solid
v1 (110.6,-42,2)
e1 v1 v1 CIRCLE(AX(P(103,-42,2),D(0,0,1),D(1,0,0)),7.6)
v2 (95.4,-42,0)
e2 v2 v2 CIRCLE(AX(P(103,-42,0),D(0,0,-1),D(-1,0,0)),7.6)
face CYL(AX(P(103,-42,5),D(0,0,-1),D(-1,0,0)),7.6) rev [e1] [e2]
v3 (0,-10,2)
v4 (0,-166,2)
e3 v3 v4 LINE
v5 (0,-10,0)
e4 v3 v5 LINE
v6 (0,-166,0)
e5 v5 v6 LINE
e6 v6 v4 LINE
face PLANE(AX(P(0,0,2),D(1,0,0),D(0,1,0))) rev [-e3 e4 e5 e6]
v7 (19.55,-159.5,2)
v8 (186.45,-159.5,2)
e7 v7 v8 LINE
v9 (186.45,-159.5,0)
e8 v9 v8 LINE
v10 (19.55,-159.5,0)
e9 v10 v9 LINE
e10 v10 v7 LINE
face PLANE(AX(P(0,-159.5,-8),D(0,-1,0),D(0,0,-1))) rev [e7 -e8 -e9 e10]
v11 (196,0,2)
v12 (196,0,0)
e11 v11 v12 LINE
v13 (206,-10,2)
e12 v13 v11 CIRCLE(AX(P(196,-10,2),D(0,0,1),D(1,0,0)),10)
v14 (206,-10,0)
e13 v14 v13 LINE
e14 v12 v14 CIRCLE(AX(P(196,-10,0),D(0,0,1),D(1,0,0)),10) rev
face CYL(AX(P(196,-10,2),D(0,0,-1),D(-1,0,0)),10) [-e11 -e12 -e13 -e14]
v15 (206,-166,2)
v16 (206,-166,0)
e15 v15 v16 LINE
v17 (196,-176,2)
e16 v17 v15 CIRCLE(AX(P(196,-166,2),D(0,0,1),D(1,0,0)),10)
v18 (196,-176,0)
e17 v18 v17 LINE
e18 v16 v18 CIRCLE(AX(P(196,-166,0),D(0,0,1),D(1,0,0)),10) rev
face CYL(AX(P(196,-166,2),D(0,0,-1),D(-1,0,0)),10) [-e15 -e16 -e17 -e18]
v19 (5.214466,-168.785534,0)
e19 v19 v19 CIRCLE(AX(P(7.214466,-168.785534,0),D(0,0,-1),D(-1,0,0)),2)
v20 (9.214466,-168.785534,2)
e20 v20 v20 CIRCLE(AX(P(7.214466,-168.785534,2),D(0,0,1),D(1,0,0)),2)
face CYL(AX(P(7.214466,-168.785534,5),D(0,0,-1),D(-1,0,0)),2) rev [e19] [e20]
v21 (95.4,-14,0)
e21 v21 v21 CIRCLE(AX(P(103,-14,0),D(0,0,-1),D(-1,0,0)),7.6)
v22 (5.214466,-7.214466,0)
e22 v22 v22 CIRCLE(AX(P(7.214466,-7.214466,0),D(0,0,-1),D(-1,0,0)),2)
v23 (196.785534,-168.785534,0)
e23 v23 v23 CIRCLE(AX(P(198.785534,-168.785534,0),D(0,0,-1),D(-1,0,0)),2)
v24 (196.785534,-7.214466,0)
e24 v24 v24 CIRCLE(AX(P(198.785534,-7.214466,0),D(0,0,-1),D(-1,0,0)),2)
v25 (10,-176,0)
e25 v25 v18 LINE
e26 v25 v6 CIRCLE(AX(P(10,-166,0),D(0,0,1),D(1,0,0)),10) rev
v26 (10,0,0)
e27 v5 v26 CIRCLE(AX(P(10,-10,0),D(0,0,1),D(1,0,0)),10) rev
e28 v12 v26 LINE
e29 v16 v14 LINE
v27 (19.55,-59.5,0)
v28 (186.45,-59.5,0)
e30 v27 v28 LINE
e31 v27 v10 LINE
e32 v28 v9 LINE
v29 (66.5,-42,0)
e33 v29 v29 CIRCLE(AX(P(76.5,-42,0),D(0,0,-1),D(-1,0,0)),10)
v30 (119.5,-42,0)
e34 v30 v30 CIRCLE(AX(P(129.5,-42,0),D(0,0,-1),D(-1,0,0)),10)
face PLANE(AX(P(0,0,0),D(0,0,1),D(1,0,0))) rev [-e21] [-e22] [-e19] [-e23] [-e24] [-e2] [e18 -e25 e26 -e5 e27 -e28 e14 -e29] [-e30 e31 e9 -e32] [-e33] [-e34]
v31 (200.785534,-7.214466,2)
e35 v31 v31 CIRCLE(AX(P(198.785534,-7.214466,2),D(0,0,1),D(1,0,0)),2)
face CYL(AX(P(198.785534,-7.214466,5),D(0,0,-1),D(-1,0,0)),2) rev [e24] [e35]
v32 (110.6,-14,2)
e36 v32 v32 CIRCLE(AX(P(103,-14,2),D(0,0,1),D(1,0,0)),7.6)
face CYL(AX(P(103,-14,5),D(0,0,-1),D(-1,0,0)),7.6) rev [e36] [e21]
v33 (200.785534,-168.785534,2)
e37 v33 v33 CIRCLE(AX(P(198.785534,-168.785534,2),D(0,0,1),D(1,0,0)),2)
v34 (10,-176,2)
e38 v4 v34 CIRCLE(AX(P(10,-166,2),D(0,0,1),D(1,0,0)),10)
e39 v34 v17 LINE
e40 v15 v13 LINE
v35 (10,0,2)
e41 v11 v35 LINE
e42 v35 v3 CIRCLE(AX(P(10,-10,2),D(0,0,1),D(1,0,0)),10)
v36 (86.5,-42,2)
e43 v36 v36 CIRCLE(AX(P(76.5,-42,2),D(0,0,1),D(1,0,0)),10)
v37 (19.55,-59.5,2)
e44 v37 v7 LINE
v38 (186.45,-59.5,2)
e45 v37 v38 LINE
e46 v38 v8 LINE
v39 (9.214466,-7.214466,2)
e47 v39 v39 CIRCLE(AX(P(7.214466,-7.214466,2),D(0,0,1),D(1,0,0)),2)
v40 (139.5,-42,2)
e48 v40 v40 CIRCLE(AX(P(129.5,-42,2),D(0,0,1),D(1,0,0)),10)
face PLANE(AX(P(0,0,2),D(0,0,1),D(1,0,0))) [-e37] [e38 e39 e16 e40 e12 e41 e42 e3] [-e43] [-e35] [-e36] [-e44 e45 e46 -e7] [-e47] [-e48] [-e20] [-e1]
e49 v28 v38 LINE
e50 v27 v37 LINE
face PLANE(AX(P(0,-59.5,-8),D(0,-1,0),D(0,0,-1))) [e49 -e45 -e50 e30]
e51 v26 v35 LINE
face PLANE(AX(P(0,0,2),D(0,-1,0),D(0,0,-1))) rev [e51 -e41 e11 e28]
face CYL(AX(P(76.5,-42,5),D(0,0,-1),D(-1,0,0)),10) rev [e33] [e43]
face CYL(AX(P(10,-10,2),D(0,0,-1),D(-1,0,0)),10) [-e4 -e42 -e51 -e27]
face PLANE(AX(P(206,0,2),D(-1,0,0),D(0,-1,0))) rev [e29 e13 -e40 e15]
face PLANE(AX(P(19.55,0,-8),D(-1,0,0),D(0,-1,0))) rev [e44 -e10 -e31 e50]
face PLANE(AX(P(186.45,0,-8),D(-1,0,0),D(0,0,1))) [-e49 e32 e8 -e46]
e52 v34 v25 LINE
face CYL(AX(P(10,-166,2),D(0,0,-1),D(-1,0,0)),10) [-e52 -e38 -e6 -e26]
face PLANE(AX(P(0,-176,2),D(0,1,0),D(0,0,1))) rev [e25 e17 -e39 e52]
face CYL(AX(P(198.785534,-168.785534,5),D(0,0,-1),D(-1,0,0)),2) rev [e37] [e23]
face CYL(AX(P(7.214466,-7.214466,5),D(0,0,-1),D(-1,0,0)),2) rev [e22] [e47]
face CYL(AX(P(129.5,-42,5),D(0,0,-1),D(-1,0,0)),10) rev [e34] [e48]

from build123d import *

# Parameters (mm, degrees)
SKETCH1_W           = 206
SKETCH1_H           = 176
BOSS_EXTRUDE1_DEPTH = 2
FILLET1_R           = 10
SKETCH2_R           = 2
CUT_EXTRUDE1_DEPTH  = 5
SKETCH3_R           = 7.6
SKETCH3_R_2         = 10
CUT_EXTRUDE2_DEPTH  = 5
SKETCH4_W           = 83.45
SKETCH4_H           = 100
CUT_EXTRUDE3_DEPTH  = 10


with BuildPart() as part:
    # Sketch1 → Boss-Extrude1 (new body)
    with BuildSketch(Plane.XY):
        with Locations((103, -88)):
            Rectangle(SKETCH1_W, SKETCH1_H)
    extrude(amount=BOSS_EXTRUDE1_DEPTH)

    # Fillet1
    fillet1_edges = [part.edges().sort_by_distance(p)[0] for p in [
        (0, 0, 1),
        (206, 0, 1),
        (206, -176, 1),
        (0, -176, 1),
    ]]
    fillet(fillet1_edges, radius=FILLET1_R)

    # Sketch2 → Cut-Extrude1 (cut)
    with BuildSketch(Plane(origin=(0, 0, 0), x_dir=(-1, 0, 0), z_dir=(0, 0, -1))):
        with Locations((-198.78553391, -7.21446609)):
            Circle(SKETCH2_R)
        with Locations((-7.21446609, -7.21446609)):
            Circle(SKETCH2_R)
        with Locations((-7.21446609, -168.78553391)):
            Circle(SKETCH2_R)
        with Locations((-198.78553391, -168.78553391)):
            Circle(SKETCH2_R)
    extrude(amount=-CUT_EXTRUDE1_DEPTH, mode=Mode.SUBTRACT)

    # Sketch3 → Cut-Extrude2 (cut)
    with BuildSketch(Plane(origin=(0, 0, 0), x_dir=(-1, 0, 0), z_dir=(0, 0, -1))):
        with Locations((-103, -14)):
            Circle(SKETCH3_R)
        with Locations((-129.5, -42)):
            Circle(SKETCH3_R_2)
        with Locations((-103, -42)):
            Circle(SKETCH3_R)
        with Locations((-76.5, -42)):
            Circle(SKETCH3_R_2)
    extrude(amount=-CUT_EXTRUDE2_DEPTH, mode=Mode.SUBTRACT)

    # Sketch4 → Cut-Extrude3 (cut)
    with BuildSketch(Plane.XY.offset(2)):
        with Locations((61.275, -109.5)):
            Rectangle(SKETCH4_W, SKETCH4_H)
        with Locations((144.725, -109.5)):
            Rectangle(SKETCH4_W, SKETCH4_H)
    extrude(amount=-CUT_EXTRUDE3_DEPTH, mode=Mode.SUBTRACT)


solid = part.part
